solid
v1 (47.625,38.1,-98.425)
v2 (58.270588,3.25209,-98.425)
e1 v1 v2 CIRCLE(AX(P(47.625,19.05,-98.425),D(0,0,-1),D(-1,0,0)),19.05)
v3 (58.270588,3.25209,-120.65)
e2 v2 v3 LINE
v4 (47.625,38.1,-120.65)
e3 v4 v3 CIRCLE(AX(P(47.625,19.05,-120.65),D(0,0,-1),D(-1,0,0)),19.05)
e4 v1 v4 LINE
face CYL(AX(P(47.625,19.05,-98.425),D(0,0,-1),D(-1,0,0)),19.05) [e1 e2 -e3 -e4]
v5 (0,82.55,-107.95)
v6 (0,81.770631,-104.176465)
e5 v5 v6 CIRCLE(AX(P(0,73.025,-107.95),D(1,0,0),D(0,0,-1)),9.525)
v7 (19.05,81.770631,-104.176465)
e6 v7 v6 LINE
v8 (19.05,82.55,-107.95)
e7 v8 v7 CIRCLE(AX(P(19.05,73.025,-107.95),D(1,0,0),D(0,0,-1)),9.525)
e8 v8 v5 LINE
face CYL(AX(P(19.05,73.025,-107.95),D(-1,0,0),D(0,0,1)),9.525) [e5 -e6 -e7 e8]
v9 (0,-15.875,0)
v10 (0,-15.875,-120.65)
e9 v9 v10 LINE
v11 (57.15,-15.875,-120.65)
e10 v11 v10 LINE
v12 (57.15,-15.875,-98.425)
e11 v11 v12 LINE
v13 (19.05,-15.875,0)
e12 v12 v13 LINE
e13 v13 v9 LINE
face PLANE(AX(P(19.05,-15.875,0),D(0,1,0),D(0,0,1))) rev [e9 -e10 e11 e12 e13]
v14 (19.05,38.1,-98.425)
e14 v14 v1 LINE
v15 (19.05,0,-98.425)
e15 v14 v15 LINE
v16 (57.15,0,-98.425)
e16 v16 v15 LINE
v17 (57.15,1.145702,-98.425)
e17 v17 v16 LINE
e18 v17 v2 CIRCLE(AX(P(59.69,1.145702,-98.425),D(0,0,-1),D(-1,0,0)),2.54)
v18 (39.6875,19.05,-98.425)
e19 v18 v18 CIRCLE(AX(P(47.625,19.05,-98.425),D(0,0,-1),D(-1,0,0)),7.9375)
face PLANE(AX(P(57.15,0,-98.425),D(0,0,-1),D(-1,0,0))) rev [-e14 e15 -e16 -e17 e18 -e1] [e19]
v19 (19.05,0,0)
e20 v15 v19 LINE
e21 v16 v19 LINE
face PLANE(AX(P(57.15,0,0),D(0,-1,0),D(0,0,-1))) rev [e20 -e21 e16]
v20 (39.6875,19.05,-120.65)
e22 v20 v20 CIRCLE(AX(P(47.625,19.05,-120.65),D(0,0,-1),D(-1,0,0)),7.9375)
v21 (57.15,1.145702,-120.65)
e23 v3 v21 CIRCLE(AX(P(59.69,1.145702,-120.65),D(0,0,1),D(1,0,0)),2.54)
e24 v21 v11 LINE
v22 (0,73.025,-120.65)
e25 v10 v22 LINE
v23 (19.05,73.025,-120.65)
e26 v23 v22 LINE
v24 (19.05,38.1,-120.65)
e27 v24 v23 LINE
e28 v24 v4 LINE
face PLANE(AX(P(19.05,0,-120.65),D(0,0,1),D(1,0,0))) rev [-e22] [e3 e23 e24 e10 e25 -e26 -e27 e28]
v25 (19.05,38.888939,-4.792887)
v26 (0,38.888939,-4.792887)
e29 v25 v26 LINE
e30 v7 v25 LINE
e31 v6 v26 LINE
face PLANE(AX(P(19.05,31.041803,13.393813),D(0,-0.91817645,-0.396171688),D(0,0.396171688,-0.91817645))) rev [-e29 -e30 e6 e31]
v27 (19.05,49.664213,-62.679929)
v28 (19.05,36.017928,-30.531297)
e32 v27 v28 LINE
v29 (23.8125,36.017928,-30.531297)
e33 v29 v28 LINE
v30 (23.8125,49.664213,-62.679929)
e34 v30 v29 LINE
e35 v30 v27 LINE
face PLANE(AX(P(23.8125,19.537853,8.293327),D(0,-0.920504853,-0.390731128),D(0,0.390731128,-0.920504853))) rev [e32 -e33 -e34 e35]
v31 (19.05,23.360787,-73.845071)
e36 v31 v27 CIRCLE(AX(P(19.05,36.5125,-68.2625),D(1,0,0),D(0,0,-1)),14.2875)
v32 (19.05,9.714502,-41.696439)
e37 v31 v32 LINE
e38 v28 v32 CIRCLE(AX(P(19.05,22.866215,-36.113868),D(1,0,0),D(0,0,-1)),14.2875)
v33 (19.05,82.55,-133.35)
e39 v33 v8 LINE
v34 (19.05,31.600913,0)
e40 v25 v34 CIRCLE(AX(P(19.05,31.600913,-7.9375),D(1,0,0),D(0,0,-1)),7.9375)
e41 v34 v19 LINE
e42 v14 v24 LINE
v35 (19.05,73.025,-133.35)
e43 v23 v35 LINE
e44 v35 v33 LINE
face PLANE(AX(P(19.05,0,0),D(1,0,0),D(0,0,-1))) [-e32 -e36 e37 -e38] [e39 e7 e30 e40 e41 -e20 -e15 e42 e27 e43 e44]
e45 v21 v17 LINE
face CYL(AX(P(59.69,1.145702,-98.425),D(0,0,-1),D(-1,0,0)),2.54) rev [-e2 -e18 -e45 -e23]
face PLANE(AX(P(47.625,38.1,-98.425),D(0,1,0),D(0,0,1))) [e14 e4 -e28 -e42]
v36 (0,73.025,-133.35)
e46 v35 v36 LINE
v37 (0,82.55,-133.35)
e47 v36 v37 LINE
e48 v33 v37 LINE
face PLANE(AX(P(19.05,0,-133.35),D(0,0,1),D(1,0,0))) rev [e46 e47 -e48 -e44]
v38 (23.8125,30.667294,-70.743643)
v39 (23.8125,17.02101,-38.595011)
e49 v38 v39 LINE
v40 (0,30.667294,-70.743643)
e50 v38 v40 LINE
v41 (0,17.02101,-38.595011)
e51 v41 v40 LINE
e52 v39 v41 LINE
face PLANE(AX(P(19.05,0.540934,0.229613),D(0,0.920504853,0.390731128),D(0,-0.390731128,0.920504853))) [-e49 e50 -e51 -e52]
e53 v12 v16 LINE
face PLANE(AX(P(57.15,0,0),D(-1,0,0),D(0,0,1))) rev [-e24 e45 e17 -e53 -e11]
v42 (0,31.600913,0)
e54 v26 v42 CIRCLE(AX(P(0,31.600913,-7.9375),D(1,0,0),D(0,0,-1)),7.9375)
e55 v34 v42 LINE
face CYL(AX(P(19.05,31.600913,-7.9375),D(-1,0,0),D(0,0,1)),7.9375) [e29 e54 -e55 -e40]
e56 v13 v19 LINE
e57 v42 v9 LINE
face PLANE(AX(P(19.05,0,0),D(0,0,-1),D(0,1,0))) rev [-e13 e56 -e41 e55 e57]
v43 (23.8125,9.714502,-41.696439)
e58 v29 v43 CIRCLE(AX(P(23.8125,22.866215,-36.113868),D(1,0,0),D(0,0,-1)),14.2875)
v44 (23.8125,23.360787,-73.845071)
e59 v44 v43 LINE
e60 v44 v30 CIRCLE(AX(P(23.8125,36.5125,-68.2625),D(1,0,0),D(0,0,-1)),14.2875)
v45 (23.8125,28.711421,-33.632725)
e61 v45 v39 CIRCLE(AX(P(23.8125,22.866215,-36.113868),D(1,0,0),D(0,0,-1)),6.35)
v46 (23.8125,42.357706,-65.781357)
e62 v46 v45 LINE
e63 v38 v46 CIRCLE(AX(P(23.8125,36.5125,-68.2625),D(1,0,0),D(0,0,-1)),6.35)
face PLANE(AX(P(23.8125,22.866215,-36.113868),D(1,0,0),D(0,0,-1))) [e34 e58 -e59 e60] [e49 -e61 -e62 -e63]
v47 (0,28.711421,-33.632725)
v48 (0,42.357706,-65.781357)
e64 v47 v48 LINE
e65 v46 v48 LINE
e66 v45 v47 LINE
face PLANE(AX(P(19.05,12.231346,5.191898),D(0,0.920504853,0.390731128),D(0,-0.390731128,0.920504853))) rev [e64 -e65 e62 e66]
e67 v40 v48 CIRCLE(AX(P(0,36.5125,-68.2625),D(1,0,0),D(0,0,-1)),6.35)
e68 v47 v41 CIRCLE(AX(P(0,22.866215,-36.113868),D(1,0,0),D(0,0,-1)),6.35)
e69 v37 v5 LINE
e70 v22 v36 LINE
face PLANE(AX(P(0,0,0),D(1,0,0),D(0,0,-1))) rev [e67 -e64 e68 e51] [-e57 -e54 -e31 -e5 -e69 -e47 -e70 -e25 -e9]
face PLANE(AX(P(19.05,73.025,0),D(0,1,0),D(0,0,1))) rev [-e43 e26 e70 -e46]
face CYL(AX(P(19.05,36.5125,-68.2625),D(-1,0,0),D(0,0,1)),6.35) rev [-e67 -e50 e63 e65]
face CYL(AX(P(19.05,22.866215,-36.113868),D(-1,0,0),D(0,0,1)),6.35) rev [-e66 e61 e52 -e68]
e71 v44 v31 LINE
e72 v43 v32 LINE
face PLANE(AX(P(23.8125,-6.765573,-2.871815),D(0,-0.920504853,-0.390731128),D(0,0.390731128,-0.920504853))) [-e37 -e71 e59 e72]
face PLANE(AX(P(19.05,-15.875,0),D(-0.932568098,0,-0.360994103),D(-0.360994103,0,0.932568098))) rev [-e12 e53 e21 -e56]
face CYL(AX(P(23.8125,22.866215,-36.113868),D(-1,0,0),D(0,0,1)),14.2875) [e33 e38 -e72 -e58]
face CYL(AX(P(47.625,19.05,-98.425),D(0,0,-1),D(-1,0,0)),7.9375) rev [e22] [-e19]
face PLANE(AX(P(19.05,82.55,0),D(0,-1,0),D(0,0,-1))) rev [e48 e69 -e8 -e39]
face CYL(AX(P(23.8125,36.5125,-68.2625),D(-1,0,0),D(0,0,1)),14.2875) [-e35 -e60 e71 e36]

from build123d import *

# Parameters (mm, degrees)
BOSS_EXTRUDE1_DEPTH = 19.05
BOSS_EXTRUDE2_START = 19.05
BOSS_EXTRUDE2_DEPTH = 4.7625
BOSS_EXTRUDE3_START = 19.05
BOSS_EXTRUDE3_DEPTH = 38.1
CUT_EXTRUDE1_DEPTH  = 16.875
SKETCH3_R           = 7.9375
BOSS_EXTRUDE5_DEPTH = 22.225
FILLET1_R           = 2.54


with BuildPart() as part:
    # Sketch1 → Boss-Extrude1 (new body)
    with BuildSketch(Plane(origin=(0, 0, 0), x_dir=(0, 0, -1), z_dir=(1, 0, 0))):
        with BuildLine():
            Line((0, 31.600913244), (0, 0))
            Line((0, 0), (98.425, 0))
            Line((98.425, 0), (98.425, 6.35))
            Line((98.425, 6.35), (120.65, 6.35))
            Line((120.65, 6.35), (120.65, 73.025))
            Line((120.65, 73.025), (133.35, 73.025))
            Line((133.35, 73.025), (133.35, 82.55))
            Line((133.35, 82.55), (107.95, 82.55))
            ThreePointArc((107.95, 82.55), (106.023410696, 82.353122997), (104.176464673, 81.770630688))
            Line((104.176464673, 81.770630688), (4.792887228, 38.888938818))
            ThreePointArc((4.792887228, 38.888938818), (1.305597176, 35.962308799), (0, 31.600913244))
        make_face()
        with BuildLine():
            ThreePointArc((41.696438991, 9.714502244), (22.962154899, 17.283644339), (30.531296995, 36.017928431))
            Line((30.531296995, 36.017928431), (62.679929002, 49.664213094))
            ThreePointArc((62.679929002, 49.664213094), (81.414213094, 42.095070998), (73.845070998, 23.360786906))
            Line((73.845070998, 23.360786906), (41.696438991, 9.714502244))
        make_face(mode=Mode.SUBTRACT)
        Polygon((98.425, 0), (0, 0), (0, -15.875), (120.65, -15.875), (120.65, 0), (120.65, 6.35), (98.425, 6.35), align=None)
        with BuildLine():
            Line((62.679929002, 49.664213094), (30.531296995, 36.017928431))
            ThreePointArc((30.531296995, 36.017928431), (22.962154899, 17.283644339), (41.696438991, 9.714502244))
            Line((41.696438991, 9.714502244), (73.845070998, 23.360786906))
            ThreePointArc((73.845070998, 23.360786906), (81.414213094, 42.095070998), (62.679929002, 49.664213094))
        make_face()
        with BuildLine():
            ThreePointArc((38.595010659, 17.021009518), (30.268662174, 20.385072672), (33.632725327, 28.711421157))
            Line((33.632725327, 28.711421157), (65.781357334, 42.357705819))
            ThreePointArc((65.781357334, 42.357705819), (74.107705819, 38.993642666), (70.743642666, 30.667294181))
            Line((70.743642666, 30.667294181), (38.595010659, 17.021009518))
        make_face(mode=Mode.SUBTRACT)
    extrude(amount=BOSS_EXTRUDE1_DEPTH)

    # Sketch1<3> → Boss-Extrude2 (add)
    with BuildSketch(Plane(origin=(0, 0, 0), x_dir=(0, 0, -1), z_dir=(1, 0, 0)).offset(BOSS_EXTRUDE2_START)):
        with BuildLine():
            Line((41.696438991, 9.714502244), (73.845070998, 23.360786906))
            ThreePointArc((73.845070998, 23.360786906), (81.414213094, 42.095070998), (62.679929002, 49.664213094))
            Line((62.679929002, 49.664213094), (30.531296995, 36.017928431))
            ThreePointArc((30.531296995, 36.017928431), (22.962154899, 17.283644339), (41.696438991, 9.714502244))
        make_face()
        with BuildLine():
            ThreePointArc((33.632725327, 28.711421157), (30.268662174, 20.385072672), (38.595010659, 17.021009518))
            Line((38.595010659, 17.021009518), (70.743642666, 30.667294181))
            ThreePointArc((70.743642666, 30.667294181), (74.107705819, 38.993642666), (65.781357334, 42.357705819))
            Line((65.781357334, 42.357705819), (33.632725327, 28.711421157))
        make_face(mode=Mode.SUBTRACT)
    extrude(amount=BOSS_EXTRUDE2_DEPTH)

    # Sketch1<4> → Boss-Extrude3 (add)
    with BuildSketch(Plane(origin=(0, 0, 0), x_dir=(0, 0, -1), z_dir=(1, 0, 0)).offset(BOSS_EXTRUDE3_START)):
        Polygon((98.425, 0), (0, 0), (0, -15.875), (120.65, -15.875), (120.65, 0), (120.65, 6.35), (98.425, 6.35), align=None)
    extrude(amount=BOSS_EXTRUDE3_DEPTH)

    # Sketch2 → Cut-Extrude1 (cut, through all)
    with BuildSketch(Plane(origin=(0, 0, 0), x_dir=(1, 0, 0), z_dir=(0, 1, 0))):
        Polygon((19.05, 0), (57.15, 98.425), (57.15, 0), align=None)
    extrude(amount=-CUT_EXTRUDE1_DEPTH, mode=Mode.SUBTRACT)

    # Sketch3 → Boss-Extrude5 (add)
    with BuildSketch(Plane(origin=(0, 0, -120.65), x_dir=(-1, 0, 0), z_dir=(0, 0, -1))):
        with BuildLine():
            Line((-19.05, 0), (-47.625, 0))
            ThreePointArc((-47.625, 0), (-66.675, 19.05), (-47.625, 38.1))
            Line((-47.625, 38.1), (-19.05, 38.1))
            Line((-19.05, 38.1), (-19.05, 0))
        make_face()
        with Locations((-47.625, 19.05)):
            Circle(SKETCH3_R, mode=Mode.SUBTRACT)
    extrude(amount=-BOSS_EXTRUDE5_DEPTH)

    # Fillet1
    fillet1_edges = [part.edges().sort_by_distance(p)[0] for p in [
        (57.15, 2.552216058, -109.5375),
    ]]
    fillet(fillet1_edges, radius=FILLET1_R)


solid = part.part
